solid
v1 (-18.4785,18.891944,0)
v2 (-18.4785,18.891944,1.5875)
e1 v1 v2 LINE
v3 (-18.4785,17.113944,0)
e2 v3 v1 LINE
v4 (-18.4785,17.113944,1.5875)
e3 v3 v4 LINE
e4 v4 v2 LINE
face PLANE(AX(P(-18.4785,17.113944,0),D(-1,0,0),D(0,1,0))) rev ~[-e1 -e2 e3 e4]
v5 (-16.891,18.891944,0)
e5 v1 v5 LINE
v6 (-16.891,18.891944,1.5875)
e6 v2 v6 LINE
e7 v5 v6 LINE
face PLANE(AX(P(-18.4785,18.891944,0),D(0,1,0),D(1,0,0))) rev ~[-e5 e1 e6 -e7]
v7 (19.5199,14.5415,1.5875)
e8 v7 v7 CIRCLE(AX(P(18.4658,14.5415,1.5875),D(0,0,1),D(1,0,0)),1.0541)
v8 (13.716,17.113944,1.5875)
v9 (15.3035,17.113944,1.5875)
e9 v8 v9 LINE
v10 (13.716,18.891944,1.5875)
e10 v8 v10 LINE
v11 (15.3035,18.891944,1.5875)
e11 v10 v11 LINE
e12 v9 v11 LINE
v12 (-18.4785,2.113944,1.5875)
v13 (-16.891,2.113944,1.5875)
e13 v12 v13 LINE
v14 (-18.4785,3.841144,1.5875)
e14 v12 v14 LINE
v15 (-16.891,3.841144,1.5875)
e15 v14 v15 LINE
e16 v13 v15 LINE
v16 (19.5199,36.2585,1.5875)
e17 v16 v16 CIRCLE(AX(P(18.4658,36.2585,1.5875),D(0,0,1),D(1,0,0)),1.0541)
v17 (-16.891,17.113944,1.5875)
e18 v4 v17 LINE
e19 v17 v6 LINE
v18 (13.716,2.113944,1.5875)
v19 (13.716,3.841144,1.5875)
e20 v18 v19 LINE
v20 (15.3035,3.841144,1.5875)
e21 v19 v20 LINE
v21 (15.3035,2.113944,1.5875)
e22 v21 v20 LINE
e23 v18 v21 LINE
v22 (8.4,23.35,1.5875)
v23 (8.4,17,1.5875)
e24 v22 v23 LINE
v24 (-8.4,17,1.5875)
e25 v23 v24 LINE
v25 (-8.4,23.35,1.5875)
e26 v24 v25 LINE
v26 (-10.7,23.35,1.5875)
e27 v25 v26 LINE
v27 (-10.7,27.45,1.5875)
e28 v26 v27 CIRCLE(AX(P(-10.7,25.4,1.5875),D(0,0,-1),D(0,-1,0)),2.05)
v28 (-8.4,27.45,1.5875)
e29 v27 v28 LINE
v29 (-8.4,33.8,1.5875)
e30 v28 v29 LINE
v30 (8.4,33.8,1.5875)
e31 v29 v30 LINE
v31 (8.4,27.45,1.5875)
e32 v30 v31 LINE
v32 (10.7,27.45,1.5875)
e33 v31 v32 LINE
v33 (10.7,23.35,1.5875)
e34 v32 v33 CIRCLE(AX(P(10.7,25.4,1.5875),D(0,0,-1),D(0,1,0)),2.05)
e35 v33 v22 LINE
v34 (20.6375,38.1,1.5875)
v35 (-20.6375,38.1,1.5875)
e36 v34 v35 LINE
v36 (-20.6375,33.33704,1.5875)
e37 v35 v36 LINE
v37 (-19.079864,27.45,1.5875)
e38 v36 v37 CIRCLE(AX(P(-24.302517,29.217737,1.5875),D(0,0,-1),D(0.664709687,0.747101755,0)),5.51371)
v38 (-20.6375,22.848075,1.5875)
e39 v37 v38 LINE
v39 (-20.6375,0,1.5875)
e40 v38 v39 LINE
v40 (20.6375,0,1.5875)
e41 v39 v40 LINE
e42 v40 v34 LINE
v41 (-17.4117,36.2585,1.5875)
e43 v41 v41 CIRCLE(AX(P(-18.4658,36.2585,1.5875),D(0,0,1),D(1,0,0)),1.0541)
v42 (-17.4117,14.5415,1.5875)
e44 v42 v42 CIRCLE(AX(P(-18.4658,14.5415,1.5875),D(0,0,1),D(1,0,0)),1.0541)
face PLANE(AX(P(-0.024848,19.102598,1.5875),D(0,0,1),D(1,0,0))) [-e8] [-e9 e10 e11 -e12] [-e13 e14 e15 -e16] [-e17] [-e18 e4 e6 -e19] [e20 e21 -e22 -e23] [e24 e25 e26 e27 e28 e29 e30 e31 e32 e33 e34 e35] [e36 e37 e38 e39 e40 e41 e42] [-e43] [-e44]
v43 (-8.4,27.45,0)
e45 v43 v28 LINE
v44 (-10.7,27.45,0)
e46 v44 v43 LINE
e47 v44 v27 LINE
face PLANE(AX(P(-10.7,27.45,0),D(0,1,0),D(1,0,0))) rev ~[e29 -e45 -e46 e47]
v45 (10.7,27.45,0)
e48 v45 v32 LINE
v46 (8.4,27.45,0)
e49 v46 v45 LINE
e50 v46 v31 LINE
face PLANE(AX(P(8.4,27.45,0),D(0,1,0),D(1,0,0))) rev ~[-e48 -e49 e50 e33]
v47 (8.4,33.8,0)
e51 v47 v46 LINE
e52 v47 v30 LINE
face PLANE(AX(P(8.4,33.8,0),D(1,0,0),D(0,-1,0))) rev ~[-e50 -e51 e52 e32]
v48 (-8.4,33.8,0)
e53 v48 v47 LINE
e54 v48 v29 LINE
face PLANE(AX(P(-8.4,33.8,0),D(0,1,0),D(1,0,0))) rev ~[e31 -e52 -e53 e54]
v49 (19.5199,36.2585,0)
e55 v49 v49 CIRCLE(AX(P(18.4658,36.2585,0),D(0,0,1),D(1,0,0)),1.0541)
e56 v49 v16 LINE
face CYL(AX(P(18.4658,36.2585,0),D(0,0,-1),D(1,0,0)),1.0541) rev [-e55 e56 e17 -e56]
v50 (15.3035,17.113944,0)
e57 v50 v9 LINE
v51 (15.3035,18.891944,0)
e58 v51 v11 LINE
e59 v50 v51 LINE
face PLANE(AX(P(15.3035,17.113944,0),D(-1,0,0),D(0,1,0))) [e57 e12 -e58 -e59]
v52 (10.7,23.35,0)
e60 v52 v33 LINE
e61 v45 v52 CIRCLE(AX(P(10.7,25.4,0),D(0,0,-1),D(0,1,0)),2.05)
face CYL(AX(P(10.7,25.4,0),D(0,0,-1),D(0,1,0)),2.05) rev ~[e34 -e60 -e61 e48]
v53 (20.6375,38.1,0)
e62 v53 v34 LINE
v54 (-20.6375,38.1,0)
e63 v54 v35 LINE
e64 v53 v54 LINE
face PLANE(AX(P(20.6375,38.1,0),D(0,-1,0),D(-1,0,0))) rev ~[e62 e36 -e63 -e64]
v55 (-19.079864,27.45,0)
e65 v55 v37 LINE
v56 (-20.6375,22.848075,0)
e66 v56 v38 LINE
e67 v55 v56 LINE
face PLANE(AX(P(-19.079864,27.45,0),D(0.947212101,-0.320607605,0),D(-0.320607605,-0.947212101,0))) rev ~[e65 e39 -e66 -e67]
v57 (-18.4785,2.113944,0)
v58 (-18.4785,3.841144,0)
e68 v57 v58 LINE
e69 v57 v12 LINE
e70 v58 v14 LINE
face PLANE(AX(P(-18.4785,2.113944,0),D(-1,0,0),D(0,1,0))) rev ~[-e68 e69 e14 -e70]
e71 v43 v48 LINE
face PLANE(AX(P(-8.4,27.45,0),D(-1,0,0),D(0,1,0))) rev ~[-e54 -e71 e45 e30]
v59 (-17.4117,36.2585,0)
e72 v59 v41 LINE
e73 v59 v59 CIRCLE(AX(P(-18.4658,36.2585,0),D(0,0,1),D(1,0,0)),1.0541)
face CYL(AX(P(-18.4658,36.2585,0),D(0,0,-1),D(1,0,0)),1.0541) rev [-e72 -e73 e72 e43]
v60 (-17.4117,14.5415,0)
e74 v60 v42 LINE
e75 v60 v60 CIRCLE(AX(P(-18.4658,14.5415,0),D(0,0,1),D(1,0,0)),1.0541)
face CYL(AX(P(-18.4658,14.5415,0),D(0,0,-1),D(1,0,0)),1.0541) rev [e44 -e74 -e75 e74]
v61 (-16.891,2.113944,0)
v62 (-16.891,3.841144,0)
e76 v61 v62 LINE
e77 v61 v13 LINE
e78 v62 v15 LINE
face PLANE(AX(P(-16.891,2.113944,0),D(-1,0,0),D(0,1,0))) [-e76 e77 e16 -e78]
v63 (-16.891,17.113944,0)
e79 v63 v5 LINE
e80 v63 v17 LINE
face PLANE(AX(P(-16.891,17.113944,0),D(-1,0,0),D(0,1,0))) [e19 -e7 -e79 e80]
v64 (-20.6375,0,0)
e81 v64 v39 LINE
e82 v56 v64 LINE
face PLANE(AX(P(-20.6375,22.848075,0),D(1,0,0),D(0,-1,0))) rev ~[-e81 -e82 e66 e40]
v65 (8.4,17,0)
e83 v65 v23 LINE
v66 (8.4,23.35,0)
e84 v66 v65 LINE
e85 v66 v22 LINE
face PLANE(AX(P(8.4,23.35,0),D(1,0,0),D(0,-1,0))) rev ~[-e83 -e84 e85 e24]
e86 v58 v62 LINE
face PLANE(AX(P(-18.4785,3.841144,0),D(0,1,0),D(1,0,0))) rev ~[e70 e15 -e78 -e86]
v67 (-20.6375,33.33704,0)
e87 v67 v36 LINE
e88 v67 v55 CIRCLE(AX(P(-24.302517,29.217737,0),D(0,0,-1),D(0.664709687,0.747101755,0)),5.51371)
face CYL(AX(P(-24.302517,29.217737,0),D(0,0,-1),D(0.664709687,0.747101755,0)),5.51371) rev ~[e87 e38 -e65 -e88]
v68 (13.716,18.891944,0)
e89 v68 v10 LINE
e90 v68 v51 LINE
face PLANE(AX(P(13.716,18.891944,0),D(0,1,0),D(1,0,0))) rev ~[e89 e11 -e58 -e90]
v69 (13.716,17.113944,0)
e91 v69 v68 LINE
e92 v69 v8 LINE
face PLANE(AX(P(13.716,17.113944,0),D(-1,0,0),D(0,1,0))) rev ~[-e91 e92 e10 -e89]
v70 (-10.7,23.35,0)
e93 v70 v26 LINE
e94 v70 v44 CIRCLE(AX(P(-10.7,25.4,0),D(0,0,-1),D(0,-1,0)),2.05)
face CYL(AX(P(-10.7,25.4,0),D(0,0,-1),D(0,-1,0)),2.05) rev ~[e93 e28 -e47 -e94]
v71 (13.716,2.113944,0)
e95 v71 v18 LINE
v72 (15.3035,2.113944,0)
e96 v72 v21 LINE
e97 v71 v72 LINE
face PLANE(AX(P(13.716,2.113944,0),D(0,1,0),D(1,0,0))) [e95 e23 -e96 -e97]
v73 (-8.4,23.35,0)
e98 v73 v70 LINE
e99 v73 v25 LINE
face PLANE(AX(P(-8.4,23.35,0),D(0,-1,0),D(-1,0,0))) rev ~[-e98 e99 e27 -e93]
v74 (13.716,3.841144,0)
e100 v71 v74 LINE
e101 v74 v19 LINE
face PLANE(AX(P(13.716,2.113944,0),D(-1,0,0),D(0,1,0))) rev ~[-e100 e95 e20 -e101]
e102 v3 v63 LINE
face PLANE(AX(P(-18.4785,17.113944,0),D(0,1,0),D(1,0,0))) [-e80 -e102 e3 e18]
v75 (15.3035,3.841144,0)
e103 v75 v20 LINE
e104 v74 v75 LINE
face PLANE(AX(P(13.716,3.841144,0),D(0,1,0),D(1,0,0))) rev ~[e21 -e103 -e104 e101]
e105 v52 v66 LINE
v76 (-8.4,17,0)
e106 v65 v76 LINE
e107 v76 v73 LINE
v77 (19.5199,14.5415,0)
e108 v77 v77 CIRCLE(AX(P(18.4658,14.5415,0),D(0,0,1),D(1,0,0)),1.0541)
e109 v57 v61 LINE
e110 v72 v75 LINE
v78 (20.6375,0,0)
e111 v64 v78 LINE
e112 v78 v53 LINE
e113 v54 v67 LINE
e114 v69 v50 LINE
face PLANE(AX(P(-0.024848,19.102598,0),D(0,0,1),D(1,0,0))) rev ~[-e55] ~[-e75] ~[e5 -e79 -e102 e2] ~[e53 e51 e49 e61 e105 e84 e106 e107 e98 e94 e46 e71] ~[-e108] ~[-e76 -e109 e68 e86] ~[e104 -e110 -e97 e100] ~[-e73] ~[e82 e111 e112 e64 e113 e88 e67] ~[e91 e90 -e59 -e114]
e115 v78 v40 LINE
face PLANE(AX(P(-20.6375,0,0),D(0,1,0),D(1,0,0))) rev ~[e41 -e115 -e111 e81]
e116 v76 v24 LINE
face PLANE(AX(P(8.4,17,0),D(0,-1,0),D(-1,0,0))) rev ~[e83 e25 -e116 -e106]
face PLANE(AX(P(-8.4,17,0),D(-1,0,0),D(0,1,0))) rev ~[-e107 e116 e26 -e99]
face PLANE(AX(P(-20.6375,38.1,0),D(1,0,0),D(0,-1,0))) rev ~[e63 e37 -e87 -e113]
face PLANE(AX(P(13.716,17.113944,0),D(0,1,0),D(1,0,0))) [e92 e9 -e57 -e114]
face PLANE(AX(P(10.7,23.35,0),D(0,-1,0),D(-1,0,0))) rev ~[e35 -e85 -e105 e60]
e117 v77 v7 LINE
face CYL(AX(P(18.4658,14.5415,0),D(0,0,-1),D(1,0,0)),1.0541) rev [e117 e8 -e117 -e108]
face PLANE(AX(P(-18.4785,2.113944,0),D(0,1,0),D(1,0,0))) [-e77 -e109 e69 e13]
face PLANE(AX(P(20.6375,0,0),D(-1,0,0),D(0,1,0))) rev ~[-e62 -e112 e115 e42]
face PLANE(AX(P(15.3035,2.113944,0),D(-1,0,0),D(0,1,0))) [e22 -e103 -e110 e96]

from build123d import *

# Parameters (mm, degrees)
SKETCH1_W           = 1.5875
SKETCH1_H           = 1.7272
SKETCH1_R           = 1.0541
SKETCH1_H_2         = 1.778
BOSS_EXTRUDE1_DEPTH = 1.5875


with BuildPart() as part:
    # Sketch1 → Boss-Extrude1 (new body)
    with BuildSketch(Plane.XY):
        with BuildLine():
            Line((-20.6375, 22.848075056), (-20.6375, 0))
            Line((-20.6375, 0), (20.6375, 0))
            Line((20.6375, 0), (20.6375, 38.1))
            Line((20.6375, 38.1), (-20.6375, 38.1))
            Line((-20.6375, 38.1), (-20.6375, 33.337040193))
            ThreePointArc((-20.6375, 33.337040193), (-18.972227818, 30.628064614), (-19.079863508, 27.45))
            Line((-19.079863508, 27.45), (-20.6375, 22.848075056))
        make_face()
        with Locations((-17.68475, 2.977543878)):
            Rectangle(SKETCH1_W, SKETCH1_H, mode=Mode.SUBTRACT)
        with Locations((-18.4658, 14.5415)):
            Circle(SKETCH1_R, mode=Mode.SUBTRACT)
        with Locations((-17.68475, 18.002943878)):
            Rectangle(SKETCH1_W, SKETCH1_H_2, mode=Mode.SUBTRACT)
        with Locations((14.50975, 2.977543878)):
            Rectangle(SKETCH1_W, SKETCH1_H, mode=Mode.SUBTRACT)
        with Locations((14.50975, 18.002943878)):
            Rectangle(SKETCH1_W, SKETCH1_H_2, mode=Mode.SUBTRACT)
        with Locations((18.4658, 14.5415)):
            Circle(SKETCH1_R, mode=Mode.SUBTRACT)
        with BuildLine():
            Line((-8.4, 17), (-8.4, 23.35))
            Line((-8.4, 23.35), (-10.7, 23.35))
            ThreePointArc((-10.7, 23.35), (-12.75, 25.4), (-10.7, 27.45))
            Line((-10.7, 27.45), (-8.4, 27.45))
            Line((-8.4, 27.45), (-8.4, 33.8))
            Line((-8.4, 33.8), (8.4, 33.8))
            Line((8.4, 33.8), (8.4, 27.45))
            Line((8.4, 27.45), (10.7, 27.45))
            ThreePointArc((10.7, 27.45), (12.75, 25.4), (10.7, 23.35))
            Line((10.7, 23.35), (8.4, 23.35))
            Line((8.4, 23.35), (8.4, 17))
            Line((8.4, 17), (-8.4, 17))
        make_face(mode=Mode.SUBTRACT)
        with Locations((-18.4658, 36.2585)):
            Circle(SKETCH1_R, mode=Mode.SUBTRACT)
        with Locations((18.4658, 36.2585)):
            Circle(SKETCH1_R, mode=Mode.SUBTRACT)
    extrude(amount=BOSS_EXTRUDE1_DEPTH)


solid = part.part
